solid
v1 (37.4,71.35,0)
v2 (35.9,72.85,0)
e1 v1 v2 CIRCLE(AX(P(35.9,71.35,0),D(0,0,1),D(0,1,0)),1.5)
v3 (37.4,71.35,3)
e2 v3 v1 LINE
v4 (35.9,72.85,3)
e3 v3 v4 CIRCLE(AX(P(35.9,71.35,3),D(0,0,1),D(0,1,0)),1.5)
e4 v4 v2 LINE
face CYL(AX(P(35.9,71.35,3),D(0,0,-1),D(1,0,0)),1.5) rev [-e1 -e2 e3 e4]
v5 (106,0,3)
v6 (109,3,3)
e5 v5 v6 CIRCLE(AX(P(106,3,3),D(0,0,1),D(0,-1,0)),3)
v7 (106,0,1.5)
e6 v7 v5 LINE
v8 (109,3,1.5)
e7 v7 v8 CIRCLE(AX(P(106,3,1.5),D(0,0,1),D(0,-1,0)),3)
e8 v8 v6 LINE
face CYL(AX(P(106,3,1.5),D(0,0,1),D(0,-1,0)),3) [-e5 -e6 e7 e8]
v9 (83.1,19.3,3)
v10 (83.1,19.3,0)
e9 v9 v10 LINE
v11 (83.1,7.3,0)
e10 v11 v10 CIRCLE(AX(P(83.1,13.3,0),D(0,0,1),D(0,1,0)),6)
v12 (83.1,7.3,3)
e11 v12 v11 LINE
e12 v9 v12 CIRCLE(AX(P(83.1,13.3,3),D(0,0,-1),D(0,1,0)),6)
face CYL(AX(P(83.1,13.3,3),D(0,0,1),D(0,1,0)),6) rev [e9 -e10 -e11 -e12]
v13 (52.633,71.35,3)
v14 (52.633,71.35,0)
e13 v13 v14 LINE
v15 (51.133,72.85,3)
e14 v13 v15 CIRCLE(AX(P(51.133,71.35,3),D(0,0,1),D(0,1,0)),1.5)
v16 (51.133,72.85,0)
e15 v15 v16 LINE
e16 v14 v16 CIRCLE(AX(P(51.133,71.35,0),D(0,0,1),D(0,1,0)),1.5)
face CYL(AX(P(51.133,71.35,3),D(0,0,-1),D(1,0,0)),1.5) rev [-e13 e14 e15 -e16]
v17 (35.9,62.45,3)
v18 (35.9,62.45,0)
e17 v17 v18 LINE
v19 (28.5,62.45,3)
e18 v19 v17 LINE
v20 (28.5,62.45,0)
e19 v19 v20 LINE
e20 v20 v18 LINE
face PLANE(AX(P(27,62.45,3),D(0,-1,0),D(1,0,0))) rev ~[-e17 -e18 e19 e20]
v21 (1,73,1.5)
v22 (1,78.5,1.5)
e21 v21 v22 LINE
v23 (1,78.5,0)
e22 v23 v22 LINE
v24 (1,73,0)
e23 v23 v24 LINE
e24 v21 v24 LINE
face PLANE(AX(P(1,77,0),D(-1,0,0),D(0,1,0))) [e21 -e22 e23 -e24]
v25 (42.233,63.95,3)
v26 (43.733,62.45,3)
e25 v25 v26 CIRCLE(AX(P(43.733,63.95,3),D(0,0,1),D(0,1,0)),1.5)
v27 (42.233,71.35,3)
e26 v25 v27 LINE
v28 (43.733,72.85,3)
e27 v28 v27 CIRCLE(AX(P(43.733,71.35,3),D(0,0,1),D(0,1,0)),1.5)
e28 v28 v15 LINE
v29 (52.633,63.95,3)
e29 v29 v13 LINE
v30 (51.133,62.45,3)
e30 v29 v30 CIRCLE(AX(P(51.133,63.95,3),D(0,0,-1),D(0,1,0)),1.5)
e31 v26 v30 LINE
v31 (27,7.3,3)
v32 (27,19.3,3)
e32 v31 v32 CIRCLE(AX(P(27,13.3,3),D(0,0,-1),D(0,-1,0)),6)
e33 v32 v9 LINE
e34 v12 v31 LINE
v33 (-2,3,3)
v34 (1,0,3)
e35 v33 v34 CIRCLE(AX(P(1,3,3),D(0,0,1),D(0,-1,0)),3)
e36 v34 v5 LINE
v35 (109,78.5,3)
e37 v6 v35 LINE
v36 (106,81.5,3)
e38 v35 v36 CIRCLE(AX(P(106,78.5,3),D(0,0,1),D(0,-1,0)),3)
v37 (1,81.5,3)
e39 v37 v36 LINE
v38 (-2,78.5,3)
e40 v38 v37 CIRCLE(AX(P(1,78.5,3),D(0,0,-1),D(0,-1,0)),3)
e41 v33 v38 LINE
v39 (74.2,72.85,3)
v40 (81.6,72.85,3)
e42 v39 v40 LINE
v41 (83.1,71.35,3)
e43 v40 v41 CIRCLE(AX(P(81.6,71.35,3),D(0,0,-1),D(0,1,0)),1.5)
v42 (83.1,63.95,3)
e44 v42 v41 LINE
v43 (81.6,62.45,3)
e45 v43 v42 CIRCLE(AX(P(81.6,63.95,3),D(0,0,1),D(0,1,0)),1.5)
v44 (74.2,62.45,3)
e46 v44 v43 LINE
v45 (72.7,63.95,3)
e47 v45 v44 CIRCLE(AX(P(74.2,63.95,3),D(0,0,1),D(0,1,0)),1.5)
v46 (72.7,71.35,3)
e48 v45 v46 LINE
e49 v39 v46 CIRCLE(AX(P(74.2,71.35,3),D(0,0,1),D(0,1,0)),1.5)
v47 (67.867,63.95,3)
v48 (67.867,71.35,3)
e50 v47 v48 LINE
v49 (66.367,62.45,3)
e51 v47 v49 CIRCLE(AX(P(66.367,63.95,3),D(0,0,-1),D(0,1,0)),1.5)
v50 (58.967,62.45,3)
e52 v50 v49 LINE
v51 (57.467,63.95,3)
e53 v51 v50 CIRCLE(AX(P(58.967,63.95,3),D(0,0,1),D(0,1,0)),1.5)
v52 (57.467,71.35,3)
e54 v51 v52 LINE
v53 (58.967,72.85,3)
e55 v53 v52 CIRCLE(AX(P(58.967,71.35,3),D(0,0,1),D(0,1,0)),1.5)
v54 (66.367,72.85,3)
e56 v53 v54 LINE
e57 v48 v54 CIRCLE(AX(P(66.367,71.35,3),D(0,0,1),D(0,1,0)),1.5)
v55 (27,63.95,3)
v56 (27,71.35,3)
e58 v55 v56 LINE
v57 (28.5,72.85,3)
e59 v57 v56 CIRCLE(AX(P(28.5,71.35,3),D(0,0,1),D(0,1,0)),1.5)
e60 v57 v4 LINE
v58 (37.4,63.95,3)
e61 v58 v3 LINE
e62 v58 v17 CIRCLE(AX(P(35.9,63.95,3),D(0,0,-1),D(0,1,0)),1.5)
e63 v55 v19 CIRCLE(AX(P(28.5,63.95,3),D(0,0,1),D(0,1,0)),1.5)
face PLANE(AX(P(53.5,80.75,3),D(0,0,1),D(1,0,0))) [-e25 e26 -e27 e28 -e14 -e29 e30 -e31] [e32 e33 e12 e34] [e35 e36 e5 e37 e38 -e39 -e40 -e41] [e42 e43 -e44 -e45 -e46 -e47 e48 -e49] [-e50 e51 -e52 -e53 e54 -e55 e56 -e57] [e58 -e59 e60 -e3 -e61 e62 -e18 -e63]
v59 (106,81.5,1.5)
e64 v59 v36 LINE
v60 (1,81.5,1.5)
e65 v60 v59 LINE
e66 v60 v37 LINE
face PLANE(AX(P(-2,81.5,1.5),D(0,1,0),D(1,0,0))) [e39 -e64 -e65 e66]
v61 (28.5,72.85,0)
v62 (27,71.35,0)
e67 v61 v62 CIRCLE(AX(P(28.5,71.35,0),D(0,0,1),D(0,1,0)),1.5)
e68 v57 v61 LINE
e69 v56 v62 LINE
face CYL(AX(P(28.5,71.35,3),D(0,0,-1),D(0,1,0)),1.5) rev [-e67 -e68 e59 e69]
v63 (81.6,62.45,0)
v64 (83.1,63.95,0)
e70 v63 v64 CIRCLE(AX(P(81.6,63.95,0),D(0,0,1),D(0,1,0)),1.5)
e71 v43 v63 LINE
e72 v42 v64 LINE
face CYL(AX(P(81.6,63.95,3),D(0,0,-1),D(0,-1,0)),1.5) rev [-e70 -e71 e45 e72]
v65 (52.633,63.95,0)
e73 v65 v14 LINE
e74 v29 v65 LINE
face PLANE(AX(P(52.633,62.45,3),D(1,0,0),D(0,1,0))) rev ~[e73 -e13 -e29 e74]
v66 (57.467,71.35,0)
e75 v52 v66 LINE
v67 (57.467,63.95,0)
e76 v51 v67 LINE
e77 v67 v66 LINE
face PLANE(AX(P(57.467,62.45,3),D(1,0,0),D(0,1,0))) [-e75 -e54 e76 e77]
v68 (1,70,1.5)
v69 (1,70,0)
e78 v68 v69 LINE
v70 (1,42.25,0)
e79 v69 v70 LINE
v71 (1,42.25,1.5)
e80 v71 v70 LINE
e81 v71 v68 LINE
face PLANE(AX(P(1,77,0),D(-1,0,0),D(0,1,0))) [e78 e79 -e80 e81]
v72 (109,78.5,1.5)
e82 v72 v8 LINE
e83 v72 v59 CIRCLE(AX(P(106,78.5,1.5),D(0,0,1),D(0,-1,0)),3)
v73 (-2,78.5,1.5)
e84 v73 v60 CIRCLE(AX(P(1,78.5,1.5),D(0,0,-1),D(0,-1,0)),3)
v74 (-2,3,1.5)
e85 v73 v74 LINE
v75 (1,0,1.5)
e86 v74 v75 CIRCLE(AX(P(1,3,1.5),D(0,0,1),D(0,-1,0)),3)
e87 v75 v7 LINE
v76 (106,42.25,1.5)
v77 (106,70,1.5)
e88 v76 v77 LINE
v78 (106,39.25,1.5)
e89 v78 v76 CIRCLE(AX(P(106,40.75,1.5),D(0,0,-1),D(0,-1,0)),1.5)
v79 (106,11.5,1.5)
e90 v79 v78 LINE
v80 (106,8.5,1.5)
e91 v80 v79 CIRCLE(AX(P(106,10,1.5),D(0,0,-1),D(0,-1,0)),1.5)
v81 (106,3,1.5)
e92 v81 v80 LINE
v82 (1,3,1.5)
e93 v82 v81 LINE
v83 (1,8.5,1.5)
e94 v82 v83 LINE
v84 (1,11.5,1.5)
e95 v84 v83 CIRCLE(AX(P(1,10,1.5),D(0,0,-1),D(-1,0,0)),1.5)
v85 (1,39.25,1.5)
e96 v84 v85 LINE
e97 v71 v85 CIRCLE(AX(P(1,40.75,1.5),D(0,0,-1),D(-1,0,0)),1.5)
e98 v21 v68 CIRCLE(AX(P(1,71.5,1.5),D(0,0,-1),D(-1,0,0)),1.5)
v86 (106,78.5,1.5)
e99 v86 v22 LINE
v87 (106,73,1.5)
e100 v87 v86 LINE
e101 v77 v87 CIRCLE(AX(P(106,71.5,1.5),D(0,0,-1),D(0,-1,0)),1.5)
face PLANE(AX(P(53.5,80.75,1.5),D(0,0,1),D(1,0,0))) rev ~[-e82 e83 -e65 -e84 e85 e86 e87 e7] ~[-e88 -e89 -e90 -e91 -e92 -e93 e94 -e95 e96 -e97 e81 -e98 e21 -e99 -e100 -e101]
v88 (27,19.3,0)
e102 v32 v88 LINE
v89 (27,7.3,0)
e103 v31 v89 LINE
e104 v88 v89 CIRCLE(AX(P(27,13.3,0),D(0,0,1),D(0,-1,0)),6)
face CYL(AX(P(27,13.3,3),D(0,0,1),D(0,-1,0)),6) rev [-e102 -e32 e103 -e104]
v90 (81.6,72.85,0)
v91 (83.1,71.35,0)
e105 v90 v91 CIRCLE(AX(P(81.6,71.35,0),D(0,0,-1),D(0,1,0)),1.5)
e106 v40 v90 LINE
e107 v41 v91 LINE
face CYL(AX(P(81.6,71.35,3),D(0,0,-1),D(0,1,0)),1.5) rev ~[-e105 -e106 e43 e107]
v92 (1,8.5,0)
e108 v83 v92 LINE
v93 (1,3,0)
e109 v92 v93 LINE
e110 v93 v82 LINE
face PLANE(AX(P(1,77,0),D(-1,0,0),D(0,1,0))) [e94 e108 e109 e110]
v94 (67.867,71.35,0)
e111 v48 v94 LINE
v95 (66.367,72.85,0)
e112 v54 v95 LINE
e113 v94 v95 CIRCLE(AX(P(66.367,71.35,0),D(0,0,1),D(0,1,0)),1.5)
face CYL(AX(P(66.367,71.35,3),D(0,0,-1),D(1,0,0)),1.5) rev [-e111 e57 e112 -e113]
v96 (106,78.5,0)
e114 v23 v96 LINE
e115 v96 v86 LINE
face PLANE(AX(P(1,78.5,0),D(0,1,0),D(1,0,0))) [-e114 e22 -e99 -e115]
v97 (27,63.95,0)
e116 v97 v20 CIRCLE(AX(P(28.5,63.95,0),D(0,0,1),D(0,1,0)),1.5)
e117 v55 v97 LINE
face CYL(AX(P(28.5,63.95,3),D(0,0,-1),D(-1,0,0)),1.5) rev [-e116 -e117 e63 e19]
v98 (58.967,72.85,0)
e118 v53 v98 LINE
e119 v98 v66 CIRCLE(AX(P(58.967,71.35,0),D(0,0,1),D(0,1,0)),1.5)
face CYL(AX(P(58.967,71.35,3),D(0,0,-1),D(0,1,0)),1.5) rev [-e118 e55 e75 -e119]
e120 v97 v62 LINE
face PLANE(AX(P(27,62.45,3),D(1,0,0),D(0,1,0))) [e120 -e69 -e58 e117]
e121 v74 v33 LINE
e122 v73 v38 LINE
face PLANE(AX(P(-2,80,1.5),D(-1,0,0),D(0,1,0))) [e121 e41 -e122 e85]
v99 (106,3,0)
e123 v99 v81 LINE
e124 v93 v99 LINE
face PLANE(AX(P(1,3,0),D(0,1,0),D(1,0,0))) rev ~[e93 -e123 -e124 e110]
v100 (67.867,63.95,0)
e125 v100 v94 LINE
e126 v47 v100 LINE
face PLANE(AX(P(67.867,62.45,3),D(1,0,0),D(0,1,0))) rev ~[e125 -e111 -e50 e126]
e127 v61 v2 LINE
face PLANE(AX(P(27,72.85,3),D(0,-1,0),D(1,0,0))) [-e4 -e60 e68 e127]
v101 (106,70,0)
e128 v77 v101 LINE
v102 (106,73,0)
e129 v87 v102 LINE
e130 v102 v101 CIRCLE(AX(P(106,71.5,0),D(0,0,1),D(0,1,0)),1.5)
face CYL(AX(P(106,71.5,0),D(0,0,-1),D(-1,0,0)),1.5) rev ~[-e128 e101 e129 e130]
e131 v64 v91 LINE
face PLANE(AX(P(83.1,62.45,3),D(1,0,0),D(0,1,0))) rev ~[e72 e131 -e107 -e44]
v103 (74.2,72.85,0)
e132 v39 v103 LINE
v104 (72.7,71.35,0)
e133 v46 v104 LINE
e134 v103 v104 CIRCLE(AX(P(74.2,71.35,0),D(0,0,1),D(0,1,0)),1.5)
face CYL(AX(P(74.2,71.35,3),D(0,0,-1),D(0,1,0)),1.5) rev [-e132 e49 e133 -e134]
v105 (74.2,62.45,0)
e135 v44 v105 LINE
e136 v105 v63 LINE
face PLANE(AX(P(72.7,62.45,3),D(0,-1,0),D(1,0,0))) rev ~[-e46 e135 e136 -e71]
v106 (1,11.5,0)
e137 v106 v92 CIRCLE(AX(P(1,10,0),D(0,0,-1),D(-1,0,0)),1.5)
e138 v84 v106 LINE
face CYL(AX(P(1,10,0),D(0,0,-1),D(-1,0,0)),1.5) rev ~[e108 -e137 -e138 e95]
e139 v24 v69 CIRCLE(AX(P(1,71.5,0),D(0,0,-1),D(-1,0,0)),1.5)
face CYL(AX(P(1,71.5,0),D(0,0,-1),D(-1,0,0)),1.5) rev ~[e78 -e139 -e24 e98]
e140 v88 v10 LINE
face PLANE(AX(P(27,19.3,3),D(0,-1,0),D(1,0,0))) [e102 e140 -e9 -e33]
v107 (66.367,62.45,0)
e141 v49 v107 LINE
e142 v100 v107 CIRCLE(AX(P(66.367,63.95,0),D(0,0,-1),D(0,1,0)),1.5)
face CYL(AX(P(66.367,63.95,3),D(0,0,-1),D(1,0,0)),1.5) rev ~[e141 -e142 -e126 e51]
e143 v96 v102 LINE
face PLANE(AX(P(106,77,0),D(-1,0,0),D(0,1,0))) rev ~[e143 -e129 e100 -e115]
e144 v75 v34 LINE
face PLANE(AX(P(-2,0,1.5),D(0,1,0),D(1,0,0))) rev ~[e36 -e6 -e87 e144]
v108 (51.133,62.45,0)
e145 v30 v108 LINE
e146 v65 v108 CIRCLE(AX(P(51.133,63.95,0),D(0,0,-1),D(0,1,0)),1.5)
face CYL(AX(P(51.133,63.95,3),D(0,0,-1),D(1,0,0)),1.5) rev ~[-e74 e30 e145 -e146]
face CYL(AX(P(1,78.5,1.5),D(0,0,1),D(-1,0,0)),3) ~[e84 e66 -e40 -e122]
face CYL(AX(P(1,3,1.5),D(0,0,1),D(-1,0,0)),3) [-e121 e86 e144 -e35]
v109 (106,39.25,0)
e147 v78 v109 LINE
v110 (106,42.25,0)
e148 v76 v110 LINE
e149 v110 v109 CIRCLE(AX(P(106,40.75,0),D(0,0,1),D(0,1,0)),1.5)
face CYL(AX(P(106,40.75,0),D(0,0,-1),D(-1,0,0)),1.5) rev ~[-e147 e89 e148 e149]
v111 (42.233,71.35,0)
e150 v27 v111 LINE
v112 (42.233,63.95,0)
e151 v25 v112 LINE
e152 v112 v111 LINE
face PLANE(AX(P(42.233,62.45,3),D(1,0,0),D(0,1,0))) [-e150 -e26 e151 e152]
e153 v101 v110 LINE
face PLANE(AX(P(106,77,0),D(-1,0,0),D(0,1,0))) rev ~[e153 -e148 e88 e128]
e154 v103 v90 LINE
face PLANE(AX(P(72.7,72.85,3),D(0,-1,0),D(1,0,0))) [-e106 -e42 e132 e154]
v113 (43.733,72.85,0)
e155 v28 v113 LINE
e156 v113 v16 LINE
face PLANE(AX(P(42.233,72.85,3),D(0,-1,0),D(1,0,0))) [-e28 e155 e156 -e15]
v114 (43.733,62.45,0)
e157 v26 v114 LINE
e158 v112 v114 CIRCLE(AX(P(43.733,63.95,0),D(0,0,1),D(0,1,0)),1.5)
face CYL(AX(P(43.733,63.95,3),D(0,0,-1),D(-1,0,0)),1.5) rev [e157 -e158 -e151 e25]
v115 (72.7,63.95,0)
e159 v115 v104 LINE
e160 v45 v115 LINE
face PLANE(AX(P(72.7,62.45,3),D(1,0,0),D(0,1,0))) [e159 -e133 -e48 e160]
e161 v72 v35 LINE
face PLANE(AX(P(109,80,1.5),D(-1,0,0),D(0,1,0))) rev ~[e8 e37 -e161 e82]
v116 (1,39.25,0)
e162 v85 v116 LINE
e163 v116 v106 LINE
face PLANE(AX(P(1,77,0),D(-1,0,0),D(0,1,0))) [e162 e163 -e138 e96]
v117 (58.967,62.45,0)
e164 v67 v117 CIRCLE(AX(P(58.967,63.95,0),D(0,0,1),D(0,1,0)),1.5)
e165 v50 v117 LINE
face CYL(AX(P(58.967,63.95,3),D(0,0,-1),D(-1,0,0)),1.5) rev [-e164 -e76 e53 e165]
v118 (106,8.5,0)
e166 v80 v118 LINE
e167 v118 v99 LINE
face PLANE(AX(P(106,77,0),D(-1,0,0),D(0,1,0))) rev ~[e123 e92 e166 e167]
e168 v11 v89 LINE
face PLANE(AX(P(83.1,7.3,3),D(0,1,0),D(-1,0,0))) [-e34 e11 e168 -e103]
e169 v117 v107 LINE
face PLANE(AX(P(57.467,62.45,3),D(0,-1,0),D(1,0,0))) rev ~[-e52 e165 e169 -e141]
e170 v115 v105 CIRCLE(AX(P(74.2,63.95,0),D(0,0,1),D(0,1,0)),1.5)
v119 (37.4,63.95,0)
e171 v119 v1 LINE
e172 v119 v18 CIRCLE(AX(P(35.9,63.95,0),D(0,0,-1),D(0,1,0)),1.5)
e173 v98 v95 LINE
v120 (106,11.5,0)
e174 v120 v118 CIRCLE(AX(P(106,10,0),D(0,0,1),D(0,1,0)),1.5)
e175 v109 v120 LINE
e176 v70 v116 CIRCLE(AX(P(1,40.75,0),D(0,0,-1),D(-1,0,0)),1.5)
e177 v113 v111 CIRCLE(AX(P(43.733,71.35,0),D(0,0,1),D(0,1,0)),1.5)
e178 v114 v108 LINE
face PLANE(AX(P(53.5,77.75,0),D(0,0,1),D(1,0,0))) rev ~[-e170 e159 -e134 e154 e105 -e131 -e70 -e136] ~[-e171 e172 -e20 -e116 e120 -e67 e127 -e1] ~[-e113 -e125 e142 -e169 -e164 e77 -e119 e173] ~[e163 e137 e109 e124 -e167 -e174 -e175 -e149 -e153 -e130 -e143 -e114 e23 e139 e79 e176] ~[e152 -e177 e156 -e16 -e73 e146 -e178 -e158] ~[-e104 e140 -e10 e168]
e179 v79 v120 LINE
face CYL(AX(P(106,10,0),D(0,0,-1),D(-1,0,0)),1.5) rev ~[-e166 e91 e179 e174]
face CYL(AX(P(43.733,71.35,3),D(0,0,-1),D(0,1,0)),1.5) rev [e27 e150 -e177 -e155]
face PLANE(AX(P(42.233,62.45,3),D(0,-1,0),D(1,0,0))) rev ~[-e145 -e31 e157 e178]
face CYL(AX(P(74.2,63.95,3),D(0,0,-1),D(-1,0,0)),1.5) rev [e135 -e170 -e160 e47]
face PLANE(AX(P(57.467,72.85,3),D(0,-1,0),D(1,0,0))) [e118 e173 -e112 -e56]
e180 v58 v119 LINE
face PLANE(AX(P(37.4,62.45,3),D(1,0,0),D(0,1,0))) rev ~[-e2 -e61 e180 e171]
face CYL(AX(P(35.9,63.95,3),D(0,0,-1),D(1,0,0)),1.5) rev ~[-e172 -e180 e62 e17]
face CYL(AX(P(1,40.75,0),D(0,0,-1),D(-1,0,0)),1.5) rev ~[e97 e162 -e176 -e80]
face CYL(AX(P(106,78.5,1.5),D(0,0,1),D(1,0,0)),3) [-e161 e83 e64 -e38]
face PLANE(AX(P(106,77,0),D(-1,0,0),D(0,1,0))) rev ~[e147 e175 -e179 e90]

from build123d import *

# Parameters (mm, degrees)
SKETCH_1_W                                     = 105
SKETCH_1_H                                     = 74
EXTRUDE_1_DEPTH                                = 3
EXTRUDE_START                                  = 1.5
SKETCH_2_W                                     = 111
SKETCH_2_H                                     = 80
EXTRUDE_2_DEPTH                                = 1.5
SKETCH_3_W                                     = 10.4
SKETCH_3_H                                     = 10.4
CUT_EXTRUDE_1_DEPTH                            = 5
SKETCH_4_W                                     = 105
SKETCH_4_H                                     = 1.5
TOP_REAR_INNER_EXTENSION_1P5MM_DEPTH           = 3
TOP_REAR_OUTER_SKIN_EXTENSION_1P5MM_START      = 1.5
SKETCH_5_W                                     = 111
SKETCH_5_H                                     = 1.5
TOP_REAR_OUTER_SKIN_EXTENSION_1P5MM_DEPTH      = 1.5
TOOL_D3_R1P5_BUTTON_CORNERS_R                  = 1.5
TOOL_D3_R3_TOP_OUTER_CONTOUR_R                 = 3
SKETCH_6_R                                     = 1.5
TOP_PLANAR_EDGE_SEMICIRCLE_POCKETS_D3_DE_DEPTH = 1.5


with BuildPart() as part:
    # Эскиз1 → Бобышка-Вытянуть1 (new body)
    with BuildSketch(Plane.XY):
        with Locations((53.5, 40)):
            Rectangle(SKETCH_1_W, SKETCH_1_H)
    extrude(amount=EXTRUDE_1_DEPTH)

    # Эскиз2 → Бобышка-Вытянуть2 (add)
    with BuildSketch(Plane.XY.offset(EXTRUDE_START)):
        with Locations((53.5, 40)):
            Rectangle(SKETCH_2_W, SKETCH_2_H)
    extrude(amount=EXTRUDE_2_DEPTH)

    # Эскиз3 → Вырез-Вытянуть1 (cut)
    with BuildSketch(Plane(origin=(0.75, 0, 3), x_dir=(1, 0, 0), z_dir=(0, 0, 1))):
        with Locations((31.45, 67.65)):
            Rectangle(SKETCH_3_W, SKETCH_3_H)
        with Locations((46.683, 67.65)):
            Rectangle(SKETCH_3_W, SKETCH_3_H)
        with Locations((61.917, 67.65)):
            Rectangle(SKETCH_3_W, SKETCH_3_H)
        with Locations((77.15, 67.65)):
            Rectangle(SKETCH_3_W, SKETCH_3_H)
        with BuildLine():
            Line((26.25, 19.3), (82.35, 19.3))
            ThreePointArc((82.35, 19.3), (88.35, 13.3), (82.35, 7.3))
            Line((82.35, 7.3), (26.25, 7.3))
            ThreePointArc((26.25, 7.3), (20.25, 13.3), (26.25, 19.3))
        make_face()
    extrude(amount=-CUT_EXTRUDE_1_DEPTH, mode=Mode.SUBTRACT)

    # Эскиз4 → top_rear_inner_extension_1p5mm (add)
    with BuildSketch(Plane.XY):
        with Locations((53.5, 77.75)):
            Rectangle(SKETCH_4_W, SKETCH_4_H)
    extrude(amount=TOP_REAR_INNER_EXTENSION_1P5MM_DEPTH)

    # Эскиз5 → top_rear_outer_skin_extension_1p5mm (add)
    with BuildSketch(Plane.XY.offset(TOP_REAR_OUTER_SKIN_EXTENSION_1P5MM_START)):
        with Locations((53.5, 80.75)):
            Rectangle(SKETCH_5_W, SKETCH_5_H)
    extrude(amount=TOP_REAR_OUTER_SKIN_EXTENSION_1P5MM_DEPTH)

    # tool_D3_R1p5_button_corners
    tool_d3_r1p5_button_corners_edges = [part.edges().sort_by_distance(p)[0] for p in [
        (42.233, 62.45, 1.5),
        (42.233, 72.85, 1.5),
        (52.633, 72.85, 1.5),
        (52.633, 62.45, 1.5),
        (57.467, 62.45, 1.5),
        (57.467, 72.85, 1.5),
        (67.867, 72.85, 1.5),
        (67.867, 62.45, 1.5),
        (72.7, 62.45, 1.5),
        (72.7, 72.85, 1.5),
        (83.1, 72.85, 1.5),
        (83.1, 62.45, 1.5),
        (27, 62.45, 1.5),
        (27, 72.85, 1.5),
        (37.4, 72.85, 1.5),
        (37.4, 62.45, 1.5),
    ]]
    fillet(tool_d3_r1p5_button_corners_edges, radius=TOOL_D3_R1P5_BUTTON_CORNERS_R)

    # tool_D3_R3_top_outer_contour
    tool_d3_r3_top_outer_contour_edges = [part.edges().sort_by_distance(p)[0] for p in [
        (-2, 81.5, 2.25),
        (109, 81.5, 2.25),
        (-2, 0, 2.25),
        (109, 0, 2.25),
    ]]
    fillet(tool_d3_r3_top_outer_contour_edges, radius=TOOL_D3_R3_TOP_OUTER_CONTOUR_R)

    # Эскиз6 → top_planar_edge_semicircle_pockets_D3_depth1p5_6x (cut)
    with BuildSketch(Plane(origin=(0, 0, 0), x_dir=(-1, 0, 0), z_dir=(0, 0, -1))):
        with Locations((-1, 10)):
            Circle(SKETCH_6_R)
        with Locations((-106, 10)):
            Circle(SKETCH_6_R)
        with Locations((-1, 40.75)):
            Circle(SKETCH_6_R)
        with Locations((-106, 40.75)):
            Circle(SKETCH_6_R)
        with Locations((-1, 71.5)):
            Circle(SKETCH_6_R)
        with Locations((-106, 71.5)):
            Circle(SKETCH_6_R)
    extrude(amount=-TOP_PLANAR_EDGE_SEMICIRCLE_POCKETS_D3_DE_DEPTH, mode=Mode.SUBTRACT)


solid = part.part
